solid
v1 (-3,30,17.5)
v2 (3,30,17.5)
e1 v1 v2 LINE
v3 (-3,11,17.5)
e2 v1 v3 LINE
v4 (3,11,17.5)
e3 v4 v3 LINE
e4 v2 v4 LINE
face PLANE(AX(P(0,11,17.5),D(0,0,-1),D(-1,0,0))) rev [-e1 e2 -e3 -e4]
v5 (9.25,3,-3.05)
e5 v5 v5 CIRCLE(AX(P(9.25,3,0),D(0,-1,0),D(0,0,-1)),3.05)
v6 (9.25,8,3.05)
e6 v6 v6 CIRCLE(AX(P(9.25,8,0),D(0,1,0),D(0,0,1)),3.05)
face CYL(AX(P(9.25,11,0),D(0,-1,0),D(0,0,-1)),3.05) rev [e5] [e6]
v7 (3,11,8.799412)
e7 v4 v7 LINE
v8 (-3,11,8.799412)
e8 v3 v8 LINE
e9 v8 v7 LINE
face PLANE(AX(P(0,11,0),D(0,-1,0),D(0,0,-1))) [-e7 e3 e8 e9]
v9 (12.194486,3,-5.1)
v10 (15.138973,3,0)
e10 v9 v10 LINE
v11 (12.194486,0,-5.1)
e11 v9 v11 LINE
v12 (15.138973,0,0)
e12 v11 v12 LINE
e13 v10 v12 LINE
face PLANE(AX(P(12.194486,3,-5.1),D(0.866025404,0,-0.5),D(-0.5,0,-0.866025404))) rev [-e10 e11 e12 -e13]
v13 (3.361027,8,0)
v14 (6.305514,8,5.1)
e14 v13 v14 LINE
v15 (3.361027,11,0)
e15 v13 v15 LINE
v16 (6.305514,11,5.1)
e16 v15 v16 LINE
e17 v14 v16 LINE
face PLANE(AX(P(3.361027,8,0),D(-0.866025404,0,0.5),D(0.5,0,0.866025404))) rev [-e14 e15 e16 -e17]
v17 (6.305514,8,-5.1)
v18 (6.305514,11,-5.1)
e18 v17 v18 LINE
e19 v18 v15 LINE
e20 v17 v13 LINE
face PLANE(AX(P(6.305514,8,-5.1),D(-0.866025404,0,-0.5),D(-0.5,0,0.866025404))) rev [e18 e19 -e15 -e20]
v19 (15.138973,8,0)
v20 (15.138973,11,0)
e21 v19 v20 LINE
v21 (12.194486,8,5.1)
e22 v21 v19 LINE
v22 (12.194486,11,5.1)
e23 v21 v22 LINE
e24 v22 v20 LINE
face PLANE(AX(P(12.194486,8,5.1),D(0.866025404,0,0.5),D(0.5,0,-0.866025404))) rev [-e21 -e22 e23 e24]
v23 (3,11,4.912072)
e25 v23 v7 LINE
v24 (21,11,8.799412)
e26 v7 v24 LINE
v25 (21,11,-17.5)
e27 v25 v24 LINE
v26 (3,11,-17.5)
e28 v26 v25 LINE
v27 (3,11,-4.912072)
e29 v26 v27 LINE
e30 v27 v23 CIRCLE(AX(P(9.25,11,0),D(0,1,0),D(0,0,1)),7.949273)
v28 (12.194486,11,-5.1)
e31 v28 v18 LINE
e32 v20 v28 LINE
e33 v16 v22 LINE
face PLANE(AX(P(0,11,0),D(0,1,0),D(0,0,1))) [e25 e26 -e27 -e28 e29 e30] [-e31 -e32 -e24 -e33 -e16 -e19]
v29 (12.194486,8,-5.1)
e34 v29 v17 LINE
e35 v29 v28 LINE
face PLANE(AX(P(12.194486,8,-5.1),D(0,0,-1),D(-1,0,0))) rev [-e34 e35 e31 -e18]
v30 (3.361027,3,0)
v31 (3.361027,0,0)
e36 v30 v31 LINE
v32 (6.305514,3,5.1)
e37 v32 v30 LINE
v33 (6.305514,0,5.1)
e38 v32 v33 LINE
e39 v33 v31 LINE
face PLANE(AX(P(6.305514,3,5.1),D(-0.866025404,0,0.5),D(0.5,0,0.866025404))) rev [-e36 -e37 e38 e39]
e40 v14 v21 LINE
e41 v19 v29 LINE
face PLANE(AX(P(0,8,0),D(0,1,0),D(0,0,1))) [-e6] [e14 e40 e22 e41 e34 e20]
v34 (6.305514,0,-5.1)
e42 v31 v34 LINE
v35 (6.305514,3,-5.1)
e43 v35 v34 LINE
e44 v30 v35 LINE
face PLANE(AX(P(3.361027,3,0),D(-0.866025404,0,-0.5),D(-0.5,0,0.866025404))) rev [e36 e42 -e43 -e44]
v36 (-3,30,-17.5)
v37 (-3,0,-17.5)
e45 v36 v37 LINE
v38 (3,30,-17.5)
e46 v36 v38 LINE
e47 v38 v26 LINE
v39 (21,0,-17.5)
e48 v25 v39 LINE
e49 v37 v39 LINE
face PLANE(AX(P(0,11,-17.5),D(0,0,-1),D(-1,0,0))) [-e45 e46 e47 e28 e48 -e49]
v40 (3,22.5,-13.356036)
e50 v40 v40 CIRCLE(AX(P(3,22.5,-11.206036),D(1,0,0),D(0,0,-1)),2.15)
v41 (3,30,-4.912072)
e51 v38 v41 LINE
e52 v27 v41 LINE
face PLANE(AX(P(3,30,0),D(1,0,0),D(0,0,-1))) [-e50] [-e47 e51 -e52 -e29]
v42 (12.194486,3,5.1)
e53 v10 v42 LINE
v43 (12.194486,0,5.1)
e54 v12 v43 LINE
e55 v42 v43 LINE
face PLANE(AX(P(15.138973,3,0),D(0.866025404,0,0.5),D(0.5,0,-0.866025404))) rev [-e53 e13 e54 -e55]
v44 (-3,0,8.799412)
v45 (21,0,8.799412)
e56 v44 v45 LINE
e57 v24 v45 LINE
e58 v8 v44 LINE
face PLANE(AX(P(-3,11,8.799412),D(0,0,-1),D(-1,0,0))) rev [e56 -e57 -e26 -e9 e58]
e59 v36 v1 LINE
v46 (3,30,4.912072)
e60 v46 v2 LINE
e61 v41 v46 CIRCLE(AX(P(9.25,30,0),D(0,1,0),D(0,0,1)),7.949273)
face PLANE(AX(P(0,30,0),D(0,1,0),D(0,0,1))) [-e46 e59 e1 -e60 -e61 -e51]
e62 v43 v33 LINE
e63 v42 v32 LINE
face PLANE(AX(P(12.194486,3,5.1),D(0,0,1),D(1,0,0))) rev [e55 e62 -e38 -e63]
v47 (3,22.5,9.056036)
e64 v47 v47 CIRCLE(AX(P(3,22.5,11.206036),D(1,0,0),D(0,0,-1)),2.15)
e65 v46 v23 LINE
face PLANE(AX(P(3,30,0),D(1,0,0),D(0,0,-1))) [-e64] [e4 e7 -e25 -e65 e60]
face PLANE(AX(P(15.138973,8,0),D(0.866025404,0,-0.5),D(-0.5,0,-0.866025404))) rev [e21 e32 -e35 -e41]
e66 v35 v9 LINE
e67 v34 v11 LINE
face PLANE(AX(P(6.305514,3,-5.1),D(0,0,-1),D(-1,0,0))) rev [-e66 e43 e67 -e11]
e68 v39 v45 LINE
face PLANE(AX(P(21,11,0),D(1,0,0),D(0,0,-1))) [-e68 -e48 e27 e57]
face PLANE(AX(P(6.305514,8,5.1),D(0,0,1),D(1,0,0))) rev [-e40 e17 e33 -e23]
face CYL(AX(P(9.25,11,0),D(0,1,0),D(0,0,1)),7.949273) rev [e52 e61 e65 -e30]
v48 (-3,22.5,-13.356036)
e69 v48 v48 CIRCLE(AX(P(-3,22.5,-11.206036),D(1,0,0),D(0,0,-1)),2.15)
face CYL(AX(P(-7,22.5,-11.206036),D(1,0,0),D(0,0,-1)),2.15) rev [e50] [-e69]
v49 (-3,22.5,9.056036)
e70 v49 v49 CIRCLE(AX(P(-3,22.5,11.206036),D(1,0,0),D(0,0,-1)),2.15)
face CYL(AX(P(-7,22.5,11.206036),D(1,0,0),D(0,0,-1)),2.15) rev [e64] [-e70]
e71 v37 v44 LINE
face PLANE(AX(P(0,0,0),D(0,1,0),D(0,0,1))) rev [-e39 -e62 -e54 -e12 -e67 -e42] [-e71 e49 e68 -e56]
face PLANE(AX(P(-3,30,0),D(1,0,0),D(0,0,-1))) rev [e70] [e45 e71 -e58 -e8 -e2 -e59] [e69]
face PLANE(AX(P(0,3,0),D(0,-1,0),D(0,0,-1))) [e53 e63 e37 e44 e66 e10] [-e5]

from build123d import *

# Parameters (mm, degrees)
SKETCH1_W           = 18
SKETCH1_H           = 35
SKETCH1_R           = 3.05
BOSS_EXTRUDE1_DEPTH = 11
SKETCH1_3_W         = 6
SKETCH1_3_H         = 35
BOSS_EXTRUDE2_DEPTH = 30
SKETCH2_R           = 7.949273458
CUT_EXTRUDE1_DEPTH  = 19
CUT_EXTRUDE3_DEPTH  = 3
CUT_EXTRUDE4_DEPTH  = 3
SKETCH7_R           = 2.15
CUT_EXTRUDE6_DEPTH  = 10
SKETCH8_W           = 24
SKETCH8_H           = 8.700587772
CUT_EXTRUDE7_DEPTH  = 11


with BuildPart() as part:
    # Sketch1 → Boss-Extrude1 (new body)
    with BuildSketch(Plane(origin=(0, 0, 0), x_dir=(1, 0, 0), z_dir=(0, 1, 0))):
        with Locations((12, 0)):
            Rectangle(SKETCH1_W, SKETCH1_H)
        with Locations((9.25, 0)):
            Circle(SKETCH1_R, mode=Mode.SUBTRACT)
    extrude(amount=BOSS_EXTRUDE1_DEPTH)

    # Sketch1<3> → Boss-Extrude2 (add)
    with BuildSketch(Plane(origin=(0, 0, 0), x_dir=(1, 0, 0), z_dir=(0, 1, 0))):
        Rectangle(SKETCH1_3_W, SKETCH1_3_H)
    extrude(amount=BOSS_EXTRUDE2_DEPTH)

    # Sketch2 → Cut-Extrude1 (cut)
    with BuildSketch(Plane(origin=(0, 30, 0), x_dir=(1, 0, 0), z_dir=(0, 1, 0))):
        with Locations((9.25, 0)):
            Circle(SKETCH2_R)
    extrude(amount=-CUT_EXTRUDE1_DEPTH, mode=Mode.SUBTRACT)

    # Sketch4 → Cut-Extrude3 (cut)
    with BuildSketch(Plane(origin=(0, 11, 0), x_dir=(1, 0, 0), z_dir=(0, 1, 0))):
        Polygon((15.138972746, 0), (12.194486373, 5.1), (6.305513627, 5.1), (3.361027254, 0), (6.305513627, -5.1), (12.194486373, -5.1), align=None)
    extrude(amount=-CUT_EXTRUDE3_DEPTH, mode=Mode.SUBTRACT)

    # Sketch5 → Cut-Extrude4 (cut)
    with BuildSketch(Plane.XZ):
        Polygon((3.361027254, 0), (6.305513627, -5.1), (12.194486373, -5.1), (15.138972746, 0), (12.194486373, 5.1), (6.305513627, 5.1), align=None)
    extrude(amount=-CUT_EXTRUDE4_DEPTH, mode=Mode.SUBTRACT)

    # Sketch7 → Cut-Extrude6 (cut)
    with BuildSketch(Plane(origin=(3, 0, 0), x_dir=(0, 0, -1), z_dir=(1, 0, 0))):
        with Locations((-11.206035856, 22.5)):
            Circle(SKETCH7_R)
        with Locations((11.206035856, 22.5)):
            Circle(SKETCH7_R)
    extrude(amount=-CUT_EXTRUDE6_DEPTH, mode=Mode.SUBTRACT)

    # Sketch8 → Cut-Extrude7 (cut)
    with BuildSketch(Plane.XZ):
        with Locations((9, 13.149706114)):
            Rectangle(SKETCH8_W, SKETCH8_H)
    extrude(amount=-CUT_EXTRUDE7_DEPTH, mode=Mode.SUBTRACT)


solid = part.part
